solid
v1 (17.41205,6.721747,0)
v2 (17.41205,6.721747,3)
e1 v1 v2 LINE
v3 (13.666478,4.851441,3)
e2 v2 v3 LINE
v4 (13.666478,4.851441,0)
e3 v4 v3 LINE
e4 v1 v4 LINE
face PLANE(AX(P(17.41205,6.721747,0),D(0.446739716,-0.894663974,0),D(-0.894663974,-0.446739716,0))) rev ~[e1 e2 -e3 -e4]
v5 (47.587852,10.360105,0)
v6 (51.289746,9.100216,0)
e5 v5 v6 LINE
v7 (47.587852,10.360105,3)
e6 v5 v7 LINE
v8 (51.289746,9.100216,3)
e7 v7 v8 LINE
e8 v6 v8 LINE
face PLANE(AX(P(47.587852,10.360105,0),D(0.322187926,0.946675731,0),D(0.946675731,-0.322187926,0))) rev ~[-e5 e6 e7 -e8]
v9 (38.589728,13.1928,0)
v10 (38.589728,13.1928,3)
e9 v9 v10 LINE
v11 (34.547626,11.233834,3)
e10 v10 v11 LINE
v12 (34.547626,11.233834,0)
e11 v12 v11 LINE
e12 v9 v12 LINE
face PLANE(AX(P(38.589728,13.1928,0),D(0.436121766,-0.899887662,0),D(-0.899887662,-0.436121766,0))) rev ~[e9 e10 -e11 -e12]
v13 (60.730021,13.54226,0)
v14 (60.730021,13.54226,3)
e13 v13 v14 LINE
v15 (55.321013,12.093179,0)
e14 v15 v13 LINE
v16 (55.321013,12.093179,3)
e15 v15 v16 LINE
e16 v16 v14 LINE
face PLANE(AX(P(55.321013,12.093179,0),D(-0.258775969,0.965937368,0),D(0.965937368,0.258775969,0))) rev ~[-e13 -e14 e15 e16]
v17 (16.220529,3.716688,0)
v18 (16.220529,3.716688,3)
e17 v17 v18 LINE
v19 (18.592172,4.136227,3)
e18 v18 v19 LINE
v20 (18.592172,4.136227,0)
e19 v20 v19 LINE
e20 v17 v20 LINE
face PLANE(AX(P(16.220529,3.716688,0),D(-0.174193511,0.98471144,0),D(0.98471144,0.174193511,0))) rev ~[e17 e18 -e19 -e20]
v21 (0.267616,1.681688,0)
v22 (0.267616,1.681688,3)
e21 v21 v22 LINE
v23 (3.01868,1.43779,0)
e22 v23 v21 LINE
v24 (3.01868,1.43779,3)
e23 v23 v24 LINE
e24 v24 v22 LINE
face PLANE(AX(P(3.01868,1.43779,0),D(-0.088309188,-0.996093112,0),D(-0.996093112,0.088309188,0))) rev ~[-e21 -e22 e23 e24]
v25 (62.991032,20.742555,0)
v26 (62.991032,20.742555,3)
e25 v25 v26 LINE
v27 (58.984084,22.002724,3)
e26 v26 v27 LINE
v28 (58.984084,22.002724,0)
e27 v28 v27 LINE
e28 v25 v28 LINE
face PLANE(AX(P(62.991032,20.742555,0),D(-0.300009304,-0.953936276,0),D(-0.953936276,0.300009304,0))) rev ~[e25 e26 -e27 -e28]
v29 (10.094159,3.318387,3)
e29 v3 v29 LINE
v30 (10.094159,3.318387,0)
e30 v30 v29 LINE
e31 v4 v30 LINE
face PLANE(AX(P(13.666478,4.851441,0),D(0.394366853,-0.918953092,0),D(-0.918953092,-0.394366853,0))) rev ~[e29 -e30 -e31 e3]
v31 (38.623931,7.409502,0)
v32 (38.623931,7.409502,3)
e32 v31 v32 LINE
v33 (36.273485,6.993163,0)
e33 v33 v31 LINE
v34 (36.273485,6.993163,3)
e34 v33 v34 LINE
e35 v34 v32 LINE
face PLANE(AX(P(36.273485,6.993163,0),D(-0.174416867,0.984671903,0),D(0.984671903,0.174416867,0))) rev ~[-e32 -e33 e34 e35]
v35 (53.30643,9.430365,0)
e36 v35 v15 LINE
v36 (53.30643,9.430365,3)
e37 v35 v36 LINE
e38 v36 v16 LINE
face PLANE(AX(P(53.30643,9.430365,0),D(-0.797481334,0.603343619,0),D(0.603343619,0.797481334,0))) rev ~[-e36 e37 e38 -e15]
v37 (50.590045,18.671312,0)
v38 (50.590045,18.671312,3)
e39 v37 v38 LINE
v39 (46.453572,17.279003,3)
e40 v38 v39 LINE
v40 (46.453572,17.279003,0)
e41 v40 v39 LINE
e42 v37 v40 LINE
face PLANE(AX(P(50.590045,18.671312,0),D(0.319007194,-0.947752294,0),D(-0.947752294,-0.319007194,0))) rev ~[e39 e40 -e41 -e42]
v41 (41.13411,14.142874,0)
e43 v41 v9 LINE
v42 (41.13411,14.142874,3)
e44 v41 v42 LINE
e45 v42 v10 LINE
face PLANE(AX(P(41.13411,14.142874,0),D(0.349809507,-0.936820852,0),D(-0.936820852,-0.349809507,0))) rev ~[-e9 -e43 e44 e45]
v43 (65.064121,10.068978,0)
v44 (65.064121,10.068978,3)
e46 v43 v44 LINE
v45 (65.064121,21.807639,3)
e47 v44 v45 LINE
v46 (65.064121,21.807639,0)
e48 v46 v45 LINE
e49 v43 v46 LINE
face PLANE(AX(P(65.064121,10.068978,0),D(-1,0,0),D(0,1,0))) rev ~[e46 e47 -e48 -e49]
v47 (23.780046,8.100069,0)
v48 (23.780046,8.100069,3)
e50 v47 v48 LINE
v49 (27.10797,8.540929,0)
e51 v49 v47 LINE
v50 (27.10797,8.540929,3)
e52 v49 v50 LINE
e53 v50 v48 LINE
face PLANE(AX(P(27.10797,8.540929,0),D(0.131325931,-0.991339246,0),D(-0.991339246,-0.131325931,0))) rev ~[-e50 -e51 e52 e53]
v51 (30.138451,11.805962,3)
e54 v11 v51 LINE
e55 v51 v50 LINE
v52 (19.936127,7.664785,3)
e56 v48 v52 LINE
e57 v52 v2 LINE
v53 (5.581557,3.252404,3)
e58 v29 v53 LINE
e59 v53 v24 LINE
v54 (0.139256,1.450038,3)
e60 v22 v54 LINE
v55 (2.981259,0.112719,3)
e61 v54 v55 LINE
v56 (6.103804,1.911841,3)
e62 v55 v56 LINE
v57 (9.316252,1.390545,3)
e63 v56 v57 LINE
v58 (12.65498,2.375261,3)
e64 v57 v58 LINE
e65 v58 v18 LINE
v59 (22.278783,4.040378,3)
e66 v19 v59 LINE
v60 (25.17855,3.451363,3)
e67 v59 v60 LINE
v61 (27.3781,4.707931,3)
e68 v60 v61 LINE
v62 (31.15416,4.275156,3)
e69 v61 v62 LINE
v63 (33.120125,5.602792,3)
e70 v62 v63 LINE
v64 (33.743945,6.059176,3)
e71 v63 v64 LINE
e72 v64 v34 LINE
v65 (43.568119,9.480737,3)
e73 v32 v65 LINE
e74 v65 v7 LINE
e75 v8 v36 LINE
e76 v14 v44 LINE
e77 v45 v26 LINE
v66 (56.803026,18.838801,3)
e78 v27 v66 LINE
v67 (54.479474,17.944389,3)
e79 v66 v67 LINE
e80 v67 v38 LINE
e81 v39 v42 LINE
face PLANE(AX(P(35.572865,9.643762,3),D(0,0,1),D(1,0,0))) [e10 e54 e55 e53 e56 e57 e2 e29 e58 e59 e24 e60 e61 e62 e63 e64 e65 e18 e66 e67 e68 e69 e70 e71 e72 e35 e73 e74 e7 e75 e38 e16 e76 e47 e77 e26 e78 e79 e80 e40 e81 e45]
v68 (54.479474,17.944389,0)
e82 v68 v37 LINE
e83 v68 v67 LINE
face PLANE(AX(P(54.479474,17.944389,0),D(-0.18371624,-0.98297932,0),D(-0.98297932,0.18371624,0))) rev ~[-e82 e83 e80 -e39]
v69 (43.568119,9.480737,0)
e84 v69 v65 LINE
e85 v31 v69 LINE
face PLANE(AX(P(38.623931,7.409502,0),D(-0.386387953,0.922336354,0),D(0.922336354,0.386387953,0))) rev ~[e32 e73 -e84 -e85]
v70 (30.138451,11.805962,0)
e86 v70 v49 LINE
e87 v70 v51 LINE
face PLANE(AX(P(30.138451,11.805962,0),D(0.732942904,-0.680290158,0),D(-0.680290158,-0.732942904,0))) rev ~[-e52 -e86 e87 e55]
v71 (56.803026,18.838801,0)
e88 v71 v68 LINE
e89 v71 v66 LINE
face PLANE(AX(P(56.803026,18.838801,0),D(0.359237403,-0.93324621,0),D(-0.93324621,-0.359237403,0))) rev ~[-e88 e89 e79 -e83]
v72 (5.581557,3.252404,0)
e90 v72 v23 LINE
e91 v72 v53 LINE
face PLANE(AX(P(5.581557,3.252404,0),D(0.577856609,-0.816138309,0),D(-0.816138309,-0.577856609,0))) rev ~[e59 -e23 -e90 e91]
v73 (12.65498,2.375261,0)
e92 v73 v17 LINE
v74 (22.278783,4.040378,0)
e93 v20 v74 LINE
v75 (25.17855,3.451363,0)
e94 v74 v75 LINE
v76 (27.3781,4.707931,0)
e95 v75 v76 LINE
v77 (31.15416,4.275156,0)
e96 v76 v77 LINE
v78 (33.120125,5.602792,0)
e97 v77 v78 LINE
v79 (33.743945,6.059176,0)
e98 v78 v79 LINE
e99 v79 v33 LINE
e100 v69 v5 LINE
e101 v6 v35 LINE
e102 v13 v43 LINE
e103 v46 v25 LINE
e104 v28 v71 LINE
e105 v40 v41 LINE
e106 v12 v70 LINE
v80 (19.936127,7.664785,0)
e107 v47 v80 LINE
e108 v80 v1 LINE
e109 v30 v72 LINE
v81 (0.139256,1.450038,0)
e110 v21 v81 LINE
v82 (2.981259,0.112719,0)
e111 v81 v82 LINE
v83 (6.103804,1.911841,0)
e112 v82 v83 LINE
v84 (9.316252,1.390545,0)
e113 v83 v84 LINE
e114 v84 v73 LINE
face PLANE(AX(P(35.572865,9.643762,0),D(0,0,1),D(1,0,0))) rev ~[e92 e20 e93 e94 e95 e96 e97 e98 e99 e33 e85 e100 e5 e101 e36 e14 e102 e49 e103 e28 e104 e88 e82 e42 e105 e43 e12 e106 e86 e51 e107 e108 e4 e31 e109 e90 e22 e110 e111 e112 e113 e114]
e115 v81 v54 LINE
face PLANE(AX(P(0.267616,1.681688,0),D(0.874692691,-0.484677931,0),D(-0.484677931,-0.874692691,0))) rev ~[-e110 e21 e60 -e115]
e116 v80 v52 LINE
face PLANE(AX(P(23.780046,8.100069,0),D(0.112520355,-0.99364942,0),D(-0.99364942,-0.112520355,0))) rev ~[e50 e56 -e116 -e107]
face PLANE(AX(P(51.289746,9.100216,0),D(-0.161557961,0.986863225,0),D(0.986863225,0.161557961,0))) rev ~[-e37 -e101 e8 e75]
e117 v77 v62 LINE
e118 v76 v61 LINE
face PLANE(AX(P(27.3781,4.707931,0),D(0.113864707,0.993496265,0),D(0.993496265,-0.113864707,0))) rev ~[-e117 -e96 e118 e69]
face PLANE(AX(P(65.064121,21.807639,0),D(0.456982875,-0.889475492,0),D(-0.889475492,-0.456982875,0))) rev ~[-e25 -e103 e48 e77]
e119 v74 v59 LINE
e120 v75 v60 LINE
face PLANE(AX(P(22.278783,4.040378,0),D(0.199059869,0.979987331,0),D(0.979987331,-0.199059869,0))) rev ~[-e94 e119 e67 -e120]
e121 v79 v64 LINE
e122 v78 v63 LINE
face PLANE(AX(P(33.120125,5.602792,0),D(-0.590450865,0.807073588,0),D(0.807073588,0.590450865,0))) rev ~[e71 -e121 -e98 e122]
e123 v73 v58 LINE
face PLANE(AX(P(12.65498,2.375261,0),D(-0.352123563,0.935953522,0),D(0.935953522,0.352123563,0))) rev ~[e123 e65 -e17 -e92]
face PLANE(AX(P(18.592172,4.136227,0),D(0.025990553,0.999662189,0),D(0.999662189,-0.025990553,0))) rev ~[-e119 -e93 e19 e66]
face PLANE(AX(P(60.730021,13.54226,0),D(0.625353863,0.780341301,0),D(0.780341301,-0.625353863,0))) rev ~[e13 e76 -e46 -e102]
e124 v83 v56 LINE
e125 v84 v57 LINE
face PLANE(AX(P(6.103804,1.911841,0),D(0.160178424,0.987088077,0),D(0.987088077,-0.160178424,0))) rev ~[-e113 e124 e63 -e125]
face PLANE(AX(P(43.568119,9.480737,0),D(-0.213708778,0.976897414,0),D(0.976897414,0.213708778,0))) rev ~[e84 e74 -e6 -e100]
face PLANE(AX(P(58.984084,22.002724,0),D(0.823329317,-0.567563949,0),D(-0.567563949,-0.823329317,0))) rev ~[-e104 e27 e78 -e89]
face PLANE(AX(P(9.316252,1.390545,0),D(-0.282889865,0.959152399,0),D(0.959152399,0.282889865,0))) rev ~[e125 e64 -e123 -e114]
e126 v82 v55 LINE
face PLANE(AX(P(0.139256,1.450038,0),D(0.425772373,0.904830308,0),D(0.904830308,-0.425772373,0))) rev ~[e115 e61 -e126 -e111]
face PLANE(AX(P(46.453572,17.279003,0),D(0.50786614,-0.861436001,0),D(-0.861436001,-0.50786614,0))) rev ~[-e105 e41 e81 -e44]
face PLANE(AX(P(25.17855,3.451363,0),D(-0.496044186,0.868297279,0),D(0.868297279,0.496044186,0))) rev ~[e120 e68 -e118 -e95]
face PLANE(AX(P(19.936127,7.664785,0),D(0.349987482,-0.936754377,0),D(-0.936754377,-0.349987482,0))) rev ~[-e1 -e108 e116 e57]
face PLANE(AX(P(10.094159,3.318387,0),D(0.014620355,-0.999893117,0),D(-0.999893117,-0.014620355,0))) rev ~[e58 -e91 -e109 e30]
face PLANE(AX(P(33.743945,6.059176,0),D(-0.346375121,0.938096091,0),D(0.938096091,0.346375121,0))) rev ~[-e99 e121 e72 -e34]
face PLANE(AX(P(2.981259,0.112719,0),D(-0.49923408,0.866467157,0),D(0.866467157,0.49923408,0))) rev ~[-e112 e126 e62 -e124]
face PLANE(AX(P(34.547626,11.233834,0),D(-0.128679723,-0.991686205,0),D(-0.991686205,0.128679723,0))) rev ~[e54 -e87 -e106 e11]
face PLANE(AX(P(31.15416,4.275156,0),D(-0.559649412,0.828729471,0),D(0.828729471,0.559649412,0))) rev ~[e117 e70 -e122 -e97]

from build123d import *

# Parameters (mm, degrees)
AUFSATZ_LINEAR_AUSTRAGEN1_DEPTH = 3


with BuildPart() as part:
    # Model → Aufsatz-Linear austragen1 (new body)
    with BuildSketch(Plane.XY):
        Polygon((65.064121, 21.807638525), (62.991032211, 20.74255457), (58.984084126, 22.00272439), (56.803026288, 18.838800991), (54.47947364, 17.944388553), (50.590045168, 18.671312469), (46.453572189, 17.279002848), (41.134110077, 14.142873543), (38.589728344, 13.192799771), (34.5476256, 11.233834156), (30.138450774, 11.805962104), (27.107969747, 8.540929476), (23.780046409, 8.100068659), (19.936127337, 7.664785218), (17.41204954, 6.721746516), (13.666478399, 4.851440527), (10.094159276, 3.31838703), (5.581557396, 3.252404134), (3.018679888, 1.437790494), (0.267615815, 1.681687606), (0.139255665, 1.450037519), (2.981259215, 0.112718703), (6.103803639, 1.911841244), (9.316252445, 1.390545324), (12.654979952, 2.375260761), (16.2205293, 3.716688419), (18.59217244, 4.136227412), (22.278782524, 4.040377998), (25.178549561, 3.451362989), (27.378100316, 4.707930745), (31.154159786, 4.275156188), (33.120124598, 5.602792152), (33.743945474, 6.05917628), (36.273485131, 6.993163334), (38.623931318, 7.409502482), (43.568119128, 9.480736692), (47.587851937, 10.360104548), (51.289746217, 9.100216289), (53.306429565, 9.430364623), (55.321012546, 12.093179433), (60.7300212, 13.5422604), (65.064121, 10.068977561), align=None)
    extrude(amount=AUFSATZ_LINEAR_AUSTRAGEN1_DEPTH)


solid = part.part
